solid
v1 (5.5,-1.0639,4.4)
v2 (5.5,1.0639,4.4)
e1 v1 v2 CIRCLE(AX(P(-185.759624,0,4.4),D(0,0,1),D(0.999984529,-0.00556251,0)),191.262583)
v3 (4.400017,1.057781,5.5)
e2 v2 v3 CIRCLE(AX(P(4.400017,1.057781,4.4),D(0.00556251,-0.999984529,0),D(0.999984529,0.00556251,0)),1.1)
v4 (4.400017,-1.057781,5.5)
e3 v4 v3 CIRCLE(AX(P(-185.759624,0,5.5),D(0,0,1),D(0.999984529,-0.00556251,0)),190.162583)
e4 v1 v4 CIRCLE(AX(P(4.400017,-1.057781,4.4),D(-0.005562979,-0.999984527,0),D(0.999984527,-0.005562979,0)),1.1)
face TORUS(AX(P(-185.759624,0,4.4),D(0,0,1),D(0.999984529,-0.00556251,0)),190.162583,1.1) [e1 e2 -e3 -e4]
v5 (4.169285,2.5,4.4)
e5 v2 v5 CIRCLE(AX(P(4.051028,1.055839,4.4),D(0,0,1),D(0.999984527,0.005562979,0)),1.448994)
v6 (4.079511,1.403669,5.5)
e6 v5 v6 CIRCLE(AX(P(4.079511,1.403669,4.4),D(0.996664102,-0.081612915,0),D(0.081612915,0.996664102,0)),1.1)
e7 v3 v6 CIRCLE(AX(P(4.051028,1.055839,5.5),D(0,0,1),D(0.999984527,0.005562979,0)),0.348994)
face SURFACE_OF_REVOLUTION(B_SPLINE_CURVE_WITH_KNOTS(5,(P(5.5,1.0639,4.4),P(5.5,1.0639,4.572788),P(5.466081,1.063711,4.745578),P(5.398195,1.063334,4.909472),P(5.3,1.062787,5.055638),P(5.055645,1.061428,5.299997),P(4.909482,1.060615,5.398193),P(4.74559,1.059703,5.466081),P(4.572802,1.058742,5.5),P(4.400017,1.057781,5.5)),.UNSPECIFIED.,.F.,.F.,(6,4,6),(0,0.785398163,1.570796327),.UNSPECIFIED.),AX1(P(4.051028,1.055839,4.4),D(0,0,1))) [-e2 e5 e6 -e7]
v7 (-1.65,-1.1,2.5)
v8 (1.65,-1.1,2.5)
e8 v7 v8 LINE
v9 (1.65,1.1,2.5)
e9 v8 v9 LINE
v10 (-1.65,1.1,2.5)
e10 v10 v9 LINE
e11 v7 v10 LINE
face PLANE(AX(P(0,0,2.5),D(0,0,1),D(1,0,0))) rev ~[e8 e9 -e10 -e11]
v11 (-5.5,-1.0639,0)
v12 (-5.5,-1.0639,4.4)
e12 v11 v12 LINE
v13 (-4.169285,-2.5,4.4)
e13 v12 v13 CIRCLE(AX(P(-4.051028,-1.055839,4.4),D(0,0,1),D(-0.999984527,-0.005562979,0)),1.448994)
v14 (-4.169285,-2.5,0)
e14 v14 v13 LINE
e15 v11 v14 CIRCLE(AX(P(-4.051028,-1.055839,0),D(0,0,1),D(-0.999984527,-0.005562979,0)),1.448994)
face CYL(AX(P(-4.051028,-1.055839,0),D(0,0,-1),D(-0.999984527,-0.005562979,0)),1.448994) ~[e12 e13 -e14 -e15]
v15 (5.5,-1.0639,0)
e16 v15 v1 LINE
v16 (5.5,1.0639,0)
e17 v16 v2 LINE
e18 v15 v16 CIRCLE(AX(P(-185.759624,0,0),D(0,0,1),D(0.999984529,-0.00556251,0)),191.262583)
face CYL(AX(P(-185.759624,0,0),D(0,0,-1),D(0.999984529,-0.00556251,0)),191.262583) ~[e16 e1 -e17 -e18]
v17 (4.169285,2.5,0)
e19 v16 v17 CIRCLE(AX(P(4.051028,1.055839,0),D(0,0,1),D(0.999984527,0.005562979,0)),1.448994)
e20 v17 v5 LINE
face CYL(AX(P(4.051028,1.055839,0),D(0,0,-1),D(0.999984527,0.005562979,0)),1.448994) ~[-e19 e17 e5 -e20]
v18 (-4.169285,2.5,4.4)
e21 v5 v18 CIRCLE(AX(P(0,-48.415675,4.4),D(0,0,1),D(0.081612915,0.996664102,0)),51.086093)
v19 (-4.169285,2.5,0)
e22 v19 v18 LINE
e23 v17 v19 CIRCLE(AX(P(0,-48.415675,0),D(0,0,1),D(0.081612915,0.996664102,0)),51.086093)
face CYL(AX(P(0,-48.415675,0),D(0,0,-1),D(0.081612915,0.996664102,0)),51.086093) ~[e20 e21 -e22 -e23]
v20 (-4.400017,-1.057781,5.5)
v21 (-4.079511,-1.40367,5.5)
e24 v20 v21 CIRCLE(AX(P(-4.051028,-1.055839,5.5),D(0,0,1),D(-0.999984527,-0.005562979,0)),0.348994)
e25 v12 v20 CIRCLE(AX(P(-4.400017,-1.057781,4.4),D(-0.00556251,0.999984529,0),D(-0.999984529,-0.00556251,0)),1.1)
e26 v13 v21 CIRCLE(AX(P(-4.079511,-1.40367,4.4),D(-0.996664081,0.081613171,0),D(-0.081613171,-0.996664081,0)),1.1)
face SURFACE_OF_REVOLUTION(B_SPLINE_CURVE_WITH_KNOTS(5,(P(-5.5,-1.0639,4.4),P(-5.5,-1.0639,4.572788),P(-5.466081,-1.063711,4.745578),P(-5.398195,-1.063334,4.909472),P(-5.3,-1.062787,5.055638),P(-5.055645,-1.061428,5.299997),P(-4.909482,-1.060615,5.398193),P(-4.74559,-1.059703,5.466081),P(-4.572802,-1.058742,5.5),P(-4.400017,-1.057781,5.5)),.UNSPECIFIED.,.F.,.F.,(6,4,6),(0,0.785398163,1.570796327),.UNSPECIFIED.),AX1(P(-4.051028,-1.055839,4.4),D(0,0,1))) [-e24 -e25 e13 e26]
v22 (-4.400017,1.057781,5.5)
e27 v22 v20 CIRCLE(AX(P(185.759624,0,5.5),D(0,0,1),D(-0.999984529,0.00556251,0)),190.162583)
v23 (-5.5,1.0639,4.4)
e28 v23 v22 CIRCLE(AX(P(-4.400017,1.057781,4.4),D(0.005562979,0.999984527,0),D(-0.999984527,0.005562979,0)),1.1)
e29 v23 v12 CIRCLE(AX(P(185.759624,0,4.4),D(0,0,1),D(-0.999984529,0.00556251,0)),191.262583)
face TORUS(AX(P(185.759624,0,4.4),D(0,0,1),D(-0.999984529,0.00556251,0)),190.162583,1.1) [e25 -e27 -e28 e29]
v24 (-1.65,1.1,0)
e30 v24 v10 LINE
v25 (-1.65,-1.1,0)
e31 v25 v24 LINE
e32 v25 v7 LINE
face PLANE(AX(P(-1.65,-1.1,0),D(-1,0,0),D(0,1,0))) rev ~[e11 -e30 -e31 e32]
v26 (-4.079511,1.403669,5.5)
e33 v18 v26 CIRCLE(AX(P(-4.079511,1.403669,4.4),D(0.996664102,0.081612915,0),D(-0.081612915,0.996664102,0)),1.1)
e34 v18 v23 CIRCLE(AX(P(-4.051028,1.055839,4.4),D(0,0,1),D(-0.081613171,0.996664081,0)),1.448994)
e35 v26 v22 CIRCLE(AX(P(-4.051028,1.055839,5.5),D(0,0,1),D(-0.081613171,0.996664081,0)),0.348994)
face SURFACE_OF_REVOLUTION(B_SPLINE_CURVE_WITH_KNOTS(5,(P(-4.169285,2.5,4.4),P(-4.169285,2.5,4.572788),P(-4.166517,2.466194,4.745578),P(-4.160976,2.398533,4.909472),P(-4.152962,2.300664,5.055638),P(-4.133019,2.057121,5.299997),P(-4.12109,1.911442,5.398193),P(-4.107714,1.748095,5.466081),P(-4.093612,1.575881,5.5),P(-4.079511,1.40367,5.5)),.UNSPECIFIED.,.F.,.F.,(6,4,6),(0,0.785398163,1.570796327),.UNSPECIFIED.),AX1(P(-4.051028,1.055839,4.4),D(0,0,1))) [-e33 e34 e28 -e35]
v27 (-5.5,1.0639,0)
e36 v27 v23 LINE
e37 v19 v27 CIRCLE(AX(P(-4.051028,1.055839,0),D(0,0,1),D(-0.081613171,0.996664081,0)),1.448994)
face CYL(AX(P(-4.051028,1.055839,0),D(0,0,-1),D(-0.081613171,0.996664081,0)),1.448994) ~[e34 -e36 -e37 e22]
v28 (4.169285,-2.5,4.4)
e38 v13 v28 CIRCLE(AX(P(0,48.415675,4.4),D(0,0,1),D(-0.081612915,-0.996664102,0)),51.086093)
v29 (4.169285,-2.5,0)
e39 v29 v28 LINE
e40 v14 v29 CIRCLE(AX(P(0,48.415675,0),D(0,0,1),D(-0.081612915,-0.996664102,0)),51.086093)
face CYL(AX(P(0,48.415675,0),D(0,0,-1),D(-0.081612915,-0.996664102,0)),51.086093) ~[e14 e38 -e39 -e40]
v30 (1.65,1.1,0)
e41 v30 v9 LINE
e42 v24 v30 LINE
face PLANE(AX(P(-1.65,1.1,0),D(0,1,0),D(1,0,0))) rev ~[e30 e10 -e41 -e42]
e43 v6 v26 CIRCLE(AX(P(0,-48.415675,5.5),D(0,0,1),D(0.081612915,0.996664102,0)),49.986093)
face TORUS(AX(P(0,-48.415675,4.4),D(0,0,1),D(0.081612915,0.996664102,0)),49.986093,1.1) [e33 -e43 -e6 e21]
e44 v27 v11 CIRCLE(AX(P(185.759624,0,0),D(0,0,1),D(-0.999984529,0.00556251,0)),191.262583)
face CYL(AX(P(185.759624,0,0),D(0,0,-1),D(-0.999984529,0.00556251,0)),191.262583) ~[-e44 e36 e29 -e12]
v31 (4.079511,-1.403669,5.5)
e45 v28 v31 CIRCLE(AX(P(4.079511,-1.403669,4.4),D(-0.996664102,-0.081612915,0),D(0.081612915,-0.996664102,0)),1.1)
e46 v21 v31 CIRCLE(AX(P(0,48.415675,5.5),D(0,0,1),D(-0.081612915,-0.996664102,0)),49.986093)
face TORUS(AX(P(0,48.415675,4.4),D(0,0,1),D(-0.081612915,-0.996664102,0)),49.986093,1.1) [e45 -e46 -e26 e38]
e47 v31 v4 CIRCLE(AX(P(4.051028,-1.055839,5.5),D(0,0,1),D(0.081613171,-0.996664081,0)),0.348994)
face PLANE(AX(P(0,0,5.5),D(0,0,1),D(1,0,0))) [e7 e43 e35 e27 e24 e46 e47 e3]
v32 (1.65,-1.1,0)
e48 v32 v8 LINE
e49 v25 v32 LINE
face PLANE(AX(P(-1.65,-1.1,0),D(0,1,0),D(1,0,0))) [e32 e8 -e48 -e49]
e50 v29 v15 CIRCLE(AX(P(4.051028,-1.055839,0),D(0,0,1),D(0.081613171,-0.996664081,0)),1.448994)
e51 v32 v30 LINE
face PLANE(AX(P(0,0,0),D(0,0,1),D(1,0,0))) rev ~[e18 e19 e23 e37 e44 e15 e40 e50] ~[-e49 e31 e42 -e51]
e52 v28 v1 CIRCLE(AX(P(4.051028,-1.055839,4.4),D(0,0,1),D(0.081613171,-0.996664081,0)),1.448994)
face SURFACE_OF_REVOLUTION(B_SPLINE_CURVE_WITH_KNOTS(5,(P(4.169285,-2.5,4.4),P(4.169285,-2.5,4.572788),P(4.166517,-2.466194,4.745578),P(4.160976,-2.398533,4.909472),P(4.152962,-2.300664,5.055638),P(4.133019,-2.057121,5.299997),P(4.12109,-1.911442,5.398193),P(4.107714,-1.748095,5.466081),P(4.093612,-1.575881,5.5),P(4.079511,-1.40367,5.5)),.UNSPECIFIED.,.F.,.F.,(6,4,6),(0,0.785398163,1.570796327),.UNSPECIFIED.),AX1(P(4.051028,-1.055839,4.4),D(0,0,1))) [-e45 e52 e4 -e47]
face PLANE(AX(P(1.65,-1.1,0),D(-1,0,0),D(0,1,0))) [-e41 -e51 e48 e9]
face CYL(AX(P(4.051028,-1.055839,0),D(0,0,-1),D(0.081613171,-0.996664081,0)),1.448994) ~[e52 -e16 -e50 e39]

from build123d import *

# Parameters (mm, degrees)
SKETCH023_W  = 3.3
SKETCH023_H  = 2.2
PAD017_DEPTH = 2.5
PAD016_DEPTH = 5.5
FILLET001_R  = 1.1


with BuildPart() as pad_button_hole:
    # Sketch023 → Pad017 (new body)
    with BuildSketch(Plane.XY):
        Rectangle(SKETCH023_W, SKETCH023_H)
    extrude(amount=PAD017_DEPTH)


with BuildPart() as cut_button_small_final:
    # Sketch020 → Pad016 (new body)
    with BuildSketch(Plane.XY):
        with BuildLine():
            ThreePointArc((4.169285, 2.5), (0, 2.670418), (-4.169285, 2.5))
            ThreePointArc((-4.169285, 2.5), (-5.113877, 2.040693), (-5.5, 1.0639))
            ThreePointArc((-5.5, 1.0639), (-5.502959, 0), (-5.5, -1.0639))
            ThreePointArc((-5.5, -1.0639), (-5.113877, -2.040693), (-4.169285, -2.5))
            ThreePointArc((-4.169285, -2.5), (0, -2.670418), (4.169285, -2.5))
            ThreePointArc((4.169285, -2.5), (5.113877, -2.040693), (5.5, -1.0639))
            ThreePointArc((5.5, -1.0639), (5.502959, 0), (5.5, 1.0639))
            ThreePointArc((5.5, 1.0639), (5.113877, 2.040693), (4.169285, 2.5))
        make_face()
    extrude(amount=PAD016_DEPTH)

    # Fillet001
    fillet001_edges = [cut_button_small_final.edges().sort_by_distance(p)[0] for p in [
        (0, 2.670418, 5.5),
        (-5.113877, 2.040693, 5.5),
        (-5.502959, 0, 5.5),
        (-5.113877, -2.040693, 5.5),
        (0, -2.670418, 5.5),
        (5.113877, -2.040693, 5.5),
        (5.502959, 0, 5.5),
        (5.113877, 2.040693, 5.5),
    ]]
    fillet(fillet001_edges, radius=FILLET001_R)

    # Cut003: cut Pad (button hole)
    add(pad_button_hole.part, mode=Mode.SUBTRACT)


solid = cut_button_small_final.part
